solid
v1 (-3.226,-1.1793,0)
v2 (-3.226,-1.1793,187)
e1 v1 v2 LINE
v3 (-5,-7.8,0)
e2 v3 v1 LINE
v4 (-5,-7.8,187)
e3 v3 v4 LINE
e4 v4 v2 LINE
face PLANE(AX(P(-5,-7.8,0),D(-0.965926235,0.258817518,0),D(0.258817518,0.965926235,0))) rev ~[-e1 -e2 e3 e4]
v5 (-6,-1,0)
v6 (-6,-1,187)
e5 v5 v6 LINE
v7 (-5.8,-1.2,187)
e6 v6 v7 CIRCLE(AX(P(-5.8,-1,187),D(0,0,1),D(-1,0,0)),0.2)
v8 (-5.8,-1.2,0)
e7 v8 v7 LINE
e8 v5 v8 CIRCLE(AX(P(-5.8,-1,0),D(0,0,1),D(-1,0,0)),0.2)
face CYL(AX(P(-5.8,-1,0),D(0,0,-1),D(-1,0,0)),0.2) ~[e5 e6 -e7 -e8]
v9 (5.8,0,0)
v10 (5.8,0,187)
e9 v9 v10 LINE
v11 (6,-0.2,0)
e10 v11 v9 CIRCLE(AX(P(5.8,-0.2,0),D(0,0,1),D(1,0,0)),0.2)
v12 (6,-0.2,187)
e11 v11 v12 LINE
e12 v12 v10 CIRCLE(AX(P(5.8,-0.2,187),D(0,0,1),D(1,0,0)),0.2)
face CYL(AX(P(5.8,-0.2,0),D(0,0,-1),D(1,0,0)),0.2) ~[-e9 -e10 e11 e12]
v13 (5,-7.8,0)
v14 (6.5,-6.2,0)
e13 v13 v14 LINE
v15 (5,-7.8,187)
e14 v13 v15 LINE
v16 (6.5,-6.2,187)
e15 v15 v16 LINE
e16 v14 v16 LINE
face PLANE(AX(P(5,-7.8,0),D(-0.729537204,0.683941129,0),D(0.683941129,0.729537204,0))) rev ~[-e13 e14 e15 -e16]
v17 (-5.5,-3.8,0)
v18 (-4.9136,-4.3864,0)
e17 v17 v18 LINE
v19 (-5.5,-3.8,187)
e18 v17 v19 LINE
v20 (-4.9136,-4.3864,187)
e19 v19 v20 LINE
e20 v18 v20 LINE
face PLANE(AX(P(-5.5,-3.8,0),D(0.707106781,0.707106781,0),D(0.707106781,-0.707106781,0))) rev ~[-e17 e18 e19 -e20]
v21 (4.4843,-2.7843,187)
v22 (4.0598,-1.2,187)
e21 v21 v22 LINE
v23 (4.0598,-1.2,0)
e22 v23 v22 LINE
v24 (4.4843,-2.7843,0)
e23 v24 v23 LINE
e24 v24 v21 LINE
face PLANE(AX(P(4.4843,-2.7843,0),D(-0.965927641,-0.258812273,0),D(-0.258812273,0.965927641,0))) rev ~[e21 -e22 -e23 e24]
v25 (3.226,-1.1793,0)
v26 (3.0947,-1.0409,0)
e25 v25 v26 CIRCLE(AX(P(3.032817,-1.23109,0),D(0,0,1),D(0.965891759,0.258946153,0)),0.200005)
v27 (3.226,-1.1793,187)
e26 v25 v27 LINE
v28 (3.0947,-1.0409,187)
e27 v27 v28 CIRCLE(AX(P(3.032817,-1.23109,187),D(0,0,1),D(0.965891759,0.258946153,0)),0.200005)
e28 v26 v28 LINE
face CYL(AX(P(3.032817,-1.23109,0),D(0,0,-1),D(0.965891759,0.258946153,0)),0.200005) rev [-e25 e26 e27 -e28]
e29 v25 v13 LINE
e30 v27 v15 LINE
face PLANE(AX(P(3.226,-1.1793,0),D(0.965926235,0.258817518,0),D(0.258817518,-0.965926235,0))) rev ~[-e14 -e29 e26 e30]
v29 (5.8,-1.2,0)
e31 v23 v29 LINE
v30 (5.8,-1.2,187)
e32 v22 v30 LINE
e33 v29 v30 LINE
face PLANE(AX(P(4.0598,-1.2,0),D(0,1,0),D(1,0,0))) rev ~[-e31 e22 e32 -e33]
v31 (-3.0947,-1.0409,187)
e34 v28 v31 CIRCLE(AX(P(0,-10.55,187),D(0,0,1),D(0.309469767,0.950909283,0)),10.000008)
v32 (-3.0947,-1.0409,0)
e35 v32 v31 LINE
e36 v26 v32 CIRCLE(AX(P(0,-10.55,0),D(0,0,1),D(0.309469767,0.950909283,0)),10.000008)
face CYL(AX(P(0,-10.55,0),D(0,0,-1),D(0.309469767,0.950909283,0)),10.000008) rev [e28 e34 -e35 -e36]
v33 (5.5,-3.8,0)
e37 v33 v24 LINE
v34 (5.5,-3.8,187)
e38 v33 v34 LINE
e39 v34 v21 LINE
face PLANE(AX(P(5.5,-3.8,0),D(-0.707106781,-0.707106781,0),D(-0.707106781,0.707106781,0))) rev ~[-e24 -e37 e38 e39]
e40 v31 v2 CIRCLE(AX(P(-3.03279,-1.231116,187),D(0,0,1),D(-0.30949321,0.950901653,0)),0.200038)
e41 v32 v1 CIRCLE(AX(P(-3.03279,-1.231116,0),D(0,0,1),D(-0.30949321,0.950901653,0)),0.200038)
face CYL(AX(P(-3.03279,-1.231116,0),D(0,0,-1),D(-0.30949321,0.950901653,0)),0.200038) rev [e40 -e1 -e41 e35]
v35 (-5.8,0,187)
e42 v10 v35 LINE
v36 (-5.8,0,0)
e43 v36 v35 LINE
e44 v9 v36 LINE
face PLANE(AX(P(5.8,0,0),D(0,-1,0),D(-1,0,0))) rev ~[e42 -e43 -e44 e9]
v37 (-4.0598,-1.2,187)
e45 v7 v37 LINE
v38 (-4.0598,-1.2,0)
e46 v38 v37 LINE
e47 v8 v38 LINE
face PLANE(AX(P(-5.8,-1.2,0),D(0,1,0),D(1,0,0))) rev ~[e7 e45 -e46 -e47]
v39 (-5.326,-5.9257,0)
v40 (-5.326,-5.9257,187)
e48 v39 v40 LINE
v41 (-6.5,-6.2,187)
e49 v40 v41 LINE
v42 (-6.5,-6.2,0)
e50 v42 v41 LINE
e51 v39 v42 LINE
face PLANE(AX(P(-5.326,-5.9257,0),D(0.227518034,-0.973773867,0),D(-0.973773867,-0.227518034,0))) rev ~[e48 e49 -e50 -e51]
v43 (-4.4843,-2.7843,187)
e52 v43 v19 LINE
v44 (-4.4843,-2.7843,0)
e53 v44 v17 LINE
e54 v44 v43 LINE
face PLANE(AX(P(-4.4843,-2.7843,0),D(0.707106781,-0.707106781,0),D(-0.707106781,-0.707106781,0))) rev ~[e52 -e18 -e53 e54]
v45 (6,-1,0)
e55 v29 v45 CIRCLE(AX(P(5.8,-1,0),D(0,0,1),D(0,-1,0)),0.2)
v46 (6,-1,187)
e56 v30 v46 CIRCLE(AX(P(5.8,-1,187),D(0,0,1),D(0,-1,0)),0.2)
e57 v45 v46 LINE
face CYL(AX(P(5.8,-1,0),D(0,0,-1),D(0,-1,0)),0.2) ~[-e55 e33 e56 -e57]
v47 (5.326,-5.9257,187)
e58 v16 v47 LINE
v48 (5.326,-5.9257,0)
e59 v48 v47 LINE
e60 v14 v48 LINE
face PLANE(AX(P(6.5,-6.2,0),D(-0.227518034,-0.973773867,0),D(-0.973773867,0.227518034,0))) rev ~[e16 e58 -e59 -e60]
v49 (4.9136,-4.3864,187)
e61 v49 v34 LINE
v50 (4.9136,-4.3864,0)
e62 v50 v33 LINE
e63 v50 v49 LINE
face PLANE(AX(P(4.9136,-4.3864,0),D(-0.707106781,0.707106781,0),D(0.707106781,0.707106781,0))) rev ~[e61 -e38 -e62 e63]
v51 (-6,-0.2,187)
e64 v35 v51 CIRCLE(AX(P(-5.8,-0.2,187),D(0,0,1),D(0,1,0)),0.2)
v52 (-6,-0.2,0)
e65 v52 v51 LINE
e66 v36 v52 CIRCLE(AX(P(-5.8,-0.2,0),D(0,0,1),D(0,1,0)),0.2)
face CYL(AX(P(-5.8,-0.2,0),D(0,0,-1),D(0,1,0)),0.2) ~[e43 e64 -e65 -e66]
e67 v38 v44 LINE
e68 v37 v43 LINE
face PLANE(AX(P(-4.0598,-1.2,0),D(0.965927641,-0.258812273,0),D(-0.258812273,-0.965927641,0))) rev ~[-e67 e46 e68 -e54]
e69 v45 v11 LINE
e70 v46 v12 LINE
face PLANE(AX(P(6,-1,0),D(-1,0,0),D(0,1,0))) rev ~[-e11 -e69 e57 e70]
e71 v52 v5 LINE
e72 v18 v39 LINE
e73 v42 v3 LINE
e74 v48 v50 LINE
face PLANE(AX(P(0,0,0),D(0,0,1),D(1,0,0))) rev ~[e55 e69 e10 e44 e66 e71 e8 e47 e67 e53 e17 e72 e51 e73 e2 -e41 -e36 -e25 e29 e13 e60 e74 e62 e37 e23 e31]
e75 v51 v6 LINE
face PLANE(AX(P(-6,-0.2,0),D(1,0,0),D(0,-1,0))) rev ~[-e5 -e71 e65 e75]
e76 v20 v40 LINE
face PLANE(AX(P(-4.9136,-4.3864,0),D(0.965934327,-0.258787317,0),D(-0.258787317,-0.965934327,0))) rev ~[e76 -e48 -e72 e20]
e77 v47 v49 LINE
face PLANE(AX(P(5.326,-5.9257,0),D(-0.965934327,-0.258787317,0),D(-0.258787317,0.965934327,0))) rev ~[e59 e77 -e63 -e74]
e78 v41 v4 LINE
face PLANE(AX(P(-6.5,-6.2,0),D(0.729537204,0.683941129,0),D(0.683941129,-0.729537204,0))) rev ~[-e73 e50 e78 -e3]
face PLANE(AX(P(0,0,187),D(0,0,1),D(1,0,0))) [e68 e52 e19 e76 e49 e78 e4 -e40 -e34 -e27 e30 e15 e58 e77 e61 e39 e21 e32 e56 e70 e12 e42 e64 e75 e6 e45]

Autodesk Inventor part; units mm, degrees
sketch "Sketch_1" plane through (0, 0, 0) normal (0, 0, 1) x (1, 0, 0)
  line L0 (-6.5, -6.2) -> (-5, -7.8)
  line L1 (-5, -7.8) -> (-3.226, -1.1793)
  arc A0 (-3.0947, -1.0409) -> (-3.226, -1.1793) centre (-3.0328, -1.2311) ccw
  arc A1 (3.0947, -1.0409) -> (-3.0947, -1.0409) centre (0, -10.55) ccw
  arc A2 (3.226, -1.1793) -> (3.0947, -1.0409) centre (3.0328, -1.2311) ccw
  line L2 (3.226, -1.1793) -> (5, -7.8)
  line L3 (5, -7.8) -> (6.5, -6.2)
  line L4 (6.5, -6.2) -> (5.326, -5.9257)
  line L5 (5.326, -5.9257) -> (4.9136, -4.3864)
  line L6 (4.9136, -4.3864) -> (5.5, -3.8)
  line L7 (5.5, -3.8) -> (4.4843, -2.7843)
  line L8 (4.4843, -2.7843) -> (4.0598, -1.2)
  line L9 (4.0598, -1.2) -> (5.8, -1.2)
  arc A3 (5.8, -1.2) -> (6, -1) centre (5.8, -1) ccw
  line L10 (6, -1) -> (6, -0.2)
  arc A4 (6, -0.2) -> (5.8, 0) centre (5.8, -0.2) ccw
  line L11 (5.8, 0) -> (-5.8, 0)
  arc A5 (-5.8, 0) -> (-6, -0.2) centre (-5.8, -0.2) ccw
  line L12 (-6, -0.2) -> (-6, -1)
  arc A6 (-6, -1) -> (-5.8, -1.2) centre (-5.8, -1) ccw
  line L13 (-5.8, -1.2) -> (-4.0598, -1.2)
  line L14 (-4.0598, -1.2) -> (-4.4843, -2.7843)
  line L15 (-4.4843, -2.7843) -> (-5.5, -3.8)
  line L16 (-5.5, -3.8) -> (-4.9136, -4.3864)
  line L17 (-4.9136, -4.3864) -> (-5.326, -5.9257)
  line L18 (-5.326, -5.9257) -> (-6.5, -6.2)
extrude "Extrusion1" add sketch "Sketch_1" along normal blind 187
ref_plane "ABDECKPROFIL_XY" through (0, 0, 187) normal (0, 0, -1) x (1, 0, 0)
ref_plane "ABDECKPROFIL_YZ" through (0, 0, 187) normal (1, 0, 0) x (0, -1, 0)
ref_plane "ABDECKPROFIL_ZX" through (0, 0, 187) normal (0, -1, 0) x (0, 0, -1)
properties part number "SLZ_63_Abdeck_Profil#_1871"
